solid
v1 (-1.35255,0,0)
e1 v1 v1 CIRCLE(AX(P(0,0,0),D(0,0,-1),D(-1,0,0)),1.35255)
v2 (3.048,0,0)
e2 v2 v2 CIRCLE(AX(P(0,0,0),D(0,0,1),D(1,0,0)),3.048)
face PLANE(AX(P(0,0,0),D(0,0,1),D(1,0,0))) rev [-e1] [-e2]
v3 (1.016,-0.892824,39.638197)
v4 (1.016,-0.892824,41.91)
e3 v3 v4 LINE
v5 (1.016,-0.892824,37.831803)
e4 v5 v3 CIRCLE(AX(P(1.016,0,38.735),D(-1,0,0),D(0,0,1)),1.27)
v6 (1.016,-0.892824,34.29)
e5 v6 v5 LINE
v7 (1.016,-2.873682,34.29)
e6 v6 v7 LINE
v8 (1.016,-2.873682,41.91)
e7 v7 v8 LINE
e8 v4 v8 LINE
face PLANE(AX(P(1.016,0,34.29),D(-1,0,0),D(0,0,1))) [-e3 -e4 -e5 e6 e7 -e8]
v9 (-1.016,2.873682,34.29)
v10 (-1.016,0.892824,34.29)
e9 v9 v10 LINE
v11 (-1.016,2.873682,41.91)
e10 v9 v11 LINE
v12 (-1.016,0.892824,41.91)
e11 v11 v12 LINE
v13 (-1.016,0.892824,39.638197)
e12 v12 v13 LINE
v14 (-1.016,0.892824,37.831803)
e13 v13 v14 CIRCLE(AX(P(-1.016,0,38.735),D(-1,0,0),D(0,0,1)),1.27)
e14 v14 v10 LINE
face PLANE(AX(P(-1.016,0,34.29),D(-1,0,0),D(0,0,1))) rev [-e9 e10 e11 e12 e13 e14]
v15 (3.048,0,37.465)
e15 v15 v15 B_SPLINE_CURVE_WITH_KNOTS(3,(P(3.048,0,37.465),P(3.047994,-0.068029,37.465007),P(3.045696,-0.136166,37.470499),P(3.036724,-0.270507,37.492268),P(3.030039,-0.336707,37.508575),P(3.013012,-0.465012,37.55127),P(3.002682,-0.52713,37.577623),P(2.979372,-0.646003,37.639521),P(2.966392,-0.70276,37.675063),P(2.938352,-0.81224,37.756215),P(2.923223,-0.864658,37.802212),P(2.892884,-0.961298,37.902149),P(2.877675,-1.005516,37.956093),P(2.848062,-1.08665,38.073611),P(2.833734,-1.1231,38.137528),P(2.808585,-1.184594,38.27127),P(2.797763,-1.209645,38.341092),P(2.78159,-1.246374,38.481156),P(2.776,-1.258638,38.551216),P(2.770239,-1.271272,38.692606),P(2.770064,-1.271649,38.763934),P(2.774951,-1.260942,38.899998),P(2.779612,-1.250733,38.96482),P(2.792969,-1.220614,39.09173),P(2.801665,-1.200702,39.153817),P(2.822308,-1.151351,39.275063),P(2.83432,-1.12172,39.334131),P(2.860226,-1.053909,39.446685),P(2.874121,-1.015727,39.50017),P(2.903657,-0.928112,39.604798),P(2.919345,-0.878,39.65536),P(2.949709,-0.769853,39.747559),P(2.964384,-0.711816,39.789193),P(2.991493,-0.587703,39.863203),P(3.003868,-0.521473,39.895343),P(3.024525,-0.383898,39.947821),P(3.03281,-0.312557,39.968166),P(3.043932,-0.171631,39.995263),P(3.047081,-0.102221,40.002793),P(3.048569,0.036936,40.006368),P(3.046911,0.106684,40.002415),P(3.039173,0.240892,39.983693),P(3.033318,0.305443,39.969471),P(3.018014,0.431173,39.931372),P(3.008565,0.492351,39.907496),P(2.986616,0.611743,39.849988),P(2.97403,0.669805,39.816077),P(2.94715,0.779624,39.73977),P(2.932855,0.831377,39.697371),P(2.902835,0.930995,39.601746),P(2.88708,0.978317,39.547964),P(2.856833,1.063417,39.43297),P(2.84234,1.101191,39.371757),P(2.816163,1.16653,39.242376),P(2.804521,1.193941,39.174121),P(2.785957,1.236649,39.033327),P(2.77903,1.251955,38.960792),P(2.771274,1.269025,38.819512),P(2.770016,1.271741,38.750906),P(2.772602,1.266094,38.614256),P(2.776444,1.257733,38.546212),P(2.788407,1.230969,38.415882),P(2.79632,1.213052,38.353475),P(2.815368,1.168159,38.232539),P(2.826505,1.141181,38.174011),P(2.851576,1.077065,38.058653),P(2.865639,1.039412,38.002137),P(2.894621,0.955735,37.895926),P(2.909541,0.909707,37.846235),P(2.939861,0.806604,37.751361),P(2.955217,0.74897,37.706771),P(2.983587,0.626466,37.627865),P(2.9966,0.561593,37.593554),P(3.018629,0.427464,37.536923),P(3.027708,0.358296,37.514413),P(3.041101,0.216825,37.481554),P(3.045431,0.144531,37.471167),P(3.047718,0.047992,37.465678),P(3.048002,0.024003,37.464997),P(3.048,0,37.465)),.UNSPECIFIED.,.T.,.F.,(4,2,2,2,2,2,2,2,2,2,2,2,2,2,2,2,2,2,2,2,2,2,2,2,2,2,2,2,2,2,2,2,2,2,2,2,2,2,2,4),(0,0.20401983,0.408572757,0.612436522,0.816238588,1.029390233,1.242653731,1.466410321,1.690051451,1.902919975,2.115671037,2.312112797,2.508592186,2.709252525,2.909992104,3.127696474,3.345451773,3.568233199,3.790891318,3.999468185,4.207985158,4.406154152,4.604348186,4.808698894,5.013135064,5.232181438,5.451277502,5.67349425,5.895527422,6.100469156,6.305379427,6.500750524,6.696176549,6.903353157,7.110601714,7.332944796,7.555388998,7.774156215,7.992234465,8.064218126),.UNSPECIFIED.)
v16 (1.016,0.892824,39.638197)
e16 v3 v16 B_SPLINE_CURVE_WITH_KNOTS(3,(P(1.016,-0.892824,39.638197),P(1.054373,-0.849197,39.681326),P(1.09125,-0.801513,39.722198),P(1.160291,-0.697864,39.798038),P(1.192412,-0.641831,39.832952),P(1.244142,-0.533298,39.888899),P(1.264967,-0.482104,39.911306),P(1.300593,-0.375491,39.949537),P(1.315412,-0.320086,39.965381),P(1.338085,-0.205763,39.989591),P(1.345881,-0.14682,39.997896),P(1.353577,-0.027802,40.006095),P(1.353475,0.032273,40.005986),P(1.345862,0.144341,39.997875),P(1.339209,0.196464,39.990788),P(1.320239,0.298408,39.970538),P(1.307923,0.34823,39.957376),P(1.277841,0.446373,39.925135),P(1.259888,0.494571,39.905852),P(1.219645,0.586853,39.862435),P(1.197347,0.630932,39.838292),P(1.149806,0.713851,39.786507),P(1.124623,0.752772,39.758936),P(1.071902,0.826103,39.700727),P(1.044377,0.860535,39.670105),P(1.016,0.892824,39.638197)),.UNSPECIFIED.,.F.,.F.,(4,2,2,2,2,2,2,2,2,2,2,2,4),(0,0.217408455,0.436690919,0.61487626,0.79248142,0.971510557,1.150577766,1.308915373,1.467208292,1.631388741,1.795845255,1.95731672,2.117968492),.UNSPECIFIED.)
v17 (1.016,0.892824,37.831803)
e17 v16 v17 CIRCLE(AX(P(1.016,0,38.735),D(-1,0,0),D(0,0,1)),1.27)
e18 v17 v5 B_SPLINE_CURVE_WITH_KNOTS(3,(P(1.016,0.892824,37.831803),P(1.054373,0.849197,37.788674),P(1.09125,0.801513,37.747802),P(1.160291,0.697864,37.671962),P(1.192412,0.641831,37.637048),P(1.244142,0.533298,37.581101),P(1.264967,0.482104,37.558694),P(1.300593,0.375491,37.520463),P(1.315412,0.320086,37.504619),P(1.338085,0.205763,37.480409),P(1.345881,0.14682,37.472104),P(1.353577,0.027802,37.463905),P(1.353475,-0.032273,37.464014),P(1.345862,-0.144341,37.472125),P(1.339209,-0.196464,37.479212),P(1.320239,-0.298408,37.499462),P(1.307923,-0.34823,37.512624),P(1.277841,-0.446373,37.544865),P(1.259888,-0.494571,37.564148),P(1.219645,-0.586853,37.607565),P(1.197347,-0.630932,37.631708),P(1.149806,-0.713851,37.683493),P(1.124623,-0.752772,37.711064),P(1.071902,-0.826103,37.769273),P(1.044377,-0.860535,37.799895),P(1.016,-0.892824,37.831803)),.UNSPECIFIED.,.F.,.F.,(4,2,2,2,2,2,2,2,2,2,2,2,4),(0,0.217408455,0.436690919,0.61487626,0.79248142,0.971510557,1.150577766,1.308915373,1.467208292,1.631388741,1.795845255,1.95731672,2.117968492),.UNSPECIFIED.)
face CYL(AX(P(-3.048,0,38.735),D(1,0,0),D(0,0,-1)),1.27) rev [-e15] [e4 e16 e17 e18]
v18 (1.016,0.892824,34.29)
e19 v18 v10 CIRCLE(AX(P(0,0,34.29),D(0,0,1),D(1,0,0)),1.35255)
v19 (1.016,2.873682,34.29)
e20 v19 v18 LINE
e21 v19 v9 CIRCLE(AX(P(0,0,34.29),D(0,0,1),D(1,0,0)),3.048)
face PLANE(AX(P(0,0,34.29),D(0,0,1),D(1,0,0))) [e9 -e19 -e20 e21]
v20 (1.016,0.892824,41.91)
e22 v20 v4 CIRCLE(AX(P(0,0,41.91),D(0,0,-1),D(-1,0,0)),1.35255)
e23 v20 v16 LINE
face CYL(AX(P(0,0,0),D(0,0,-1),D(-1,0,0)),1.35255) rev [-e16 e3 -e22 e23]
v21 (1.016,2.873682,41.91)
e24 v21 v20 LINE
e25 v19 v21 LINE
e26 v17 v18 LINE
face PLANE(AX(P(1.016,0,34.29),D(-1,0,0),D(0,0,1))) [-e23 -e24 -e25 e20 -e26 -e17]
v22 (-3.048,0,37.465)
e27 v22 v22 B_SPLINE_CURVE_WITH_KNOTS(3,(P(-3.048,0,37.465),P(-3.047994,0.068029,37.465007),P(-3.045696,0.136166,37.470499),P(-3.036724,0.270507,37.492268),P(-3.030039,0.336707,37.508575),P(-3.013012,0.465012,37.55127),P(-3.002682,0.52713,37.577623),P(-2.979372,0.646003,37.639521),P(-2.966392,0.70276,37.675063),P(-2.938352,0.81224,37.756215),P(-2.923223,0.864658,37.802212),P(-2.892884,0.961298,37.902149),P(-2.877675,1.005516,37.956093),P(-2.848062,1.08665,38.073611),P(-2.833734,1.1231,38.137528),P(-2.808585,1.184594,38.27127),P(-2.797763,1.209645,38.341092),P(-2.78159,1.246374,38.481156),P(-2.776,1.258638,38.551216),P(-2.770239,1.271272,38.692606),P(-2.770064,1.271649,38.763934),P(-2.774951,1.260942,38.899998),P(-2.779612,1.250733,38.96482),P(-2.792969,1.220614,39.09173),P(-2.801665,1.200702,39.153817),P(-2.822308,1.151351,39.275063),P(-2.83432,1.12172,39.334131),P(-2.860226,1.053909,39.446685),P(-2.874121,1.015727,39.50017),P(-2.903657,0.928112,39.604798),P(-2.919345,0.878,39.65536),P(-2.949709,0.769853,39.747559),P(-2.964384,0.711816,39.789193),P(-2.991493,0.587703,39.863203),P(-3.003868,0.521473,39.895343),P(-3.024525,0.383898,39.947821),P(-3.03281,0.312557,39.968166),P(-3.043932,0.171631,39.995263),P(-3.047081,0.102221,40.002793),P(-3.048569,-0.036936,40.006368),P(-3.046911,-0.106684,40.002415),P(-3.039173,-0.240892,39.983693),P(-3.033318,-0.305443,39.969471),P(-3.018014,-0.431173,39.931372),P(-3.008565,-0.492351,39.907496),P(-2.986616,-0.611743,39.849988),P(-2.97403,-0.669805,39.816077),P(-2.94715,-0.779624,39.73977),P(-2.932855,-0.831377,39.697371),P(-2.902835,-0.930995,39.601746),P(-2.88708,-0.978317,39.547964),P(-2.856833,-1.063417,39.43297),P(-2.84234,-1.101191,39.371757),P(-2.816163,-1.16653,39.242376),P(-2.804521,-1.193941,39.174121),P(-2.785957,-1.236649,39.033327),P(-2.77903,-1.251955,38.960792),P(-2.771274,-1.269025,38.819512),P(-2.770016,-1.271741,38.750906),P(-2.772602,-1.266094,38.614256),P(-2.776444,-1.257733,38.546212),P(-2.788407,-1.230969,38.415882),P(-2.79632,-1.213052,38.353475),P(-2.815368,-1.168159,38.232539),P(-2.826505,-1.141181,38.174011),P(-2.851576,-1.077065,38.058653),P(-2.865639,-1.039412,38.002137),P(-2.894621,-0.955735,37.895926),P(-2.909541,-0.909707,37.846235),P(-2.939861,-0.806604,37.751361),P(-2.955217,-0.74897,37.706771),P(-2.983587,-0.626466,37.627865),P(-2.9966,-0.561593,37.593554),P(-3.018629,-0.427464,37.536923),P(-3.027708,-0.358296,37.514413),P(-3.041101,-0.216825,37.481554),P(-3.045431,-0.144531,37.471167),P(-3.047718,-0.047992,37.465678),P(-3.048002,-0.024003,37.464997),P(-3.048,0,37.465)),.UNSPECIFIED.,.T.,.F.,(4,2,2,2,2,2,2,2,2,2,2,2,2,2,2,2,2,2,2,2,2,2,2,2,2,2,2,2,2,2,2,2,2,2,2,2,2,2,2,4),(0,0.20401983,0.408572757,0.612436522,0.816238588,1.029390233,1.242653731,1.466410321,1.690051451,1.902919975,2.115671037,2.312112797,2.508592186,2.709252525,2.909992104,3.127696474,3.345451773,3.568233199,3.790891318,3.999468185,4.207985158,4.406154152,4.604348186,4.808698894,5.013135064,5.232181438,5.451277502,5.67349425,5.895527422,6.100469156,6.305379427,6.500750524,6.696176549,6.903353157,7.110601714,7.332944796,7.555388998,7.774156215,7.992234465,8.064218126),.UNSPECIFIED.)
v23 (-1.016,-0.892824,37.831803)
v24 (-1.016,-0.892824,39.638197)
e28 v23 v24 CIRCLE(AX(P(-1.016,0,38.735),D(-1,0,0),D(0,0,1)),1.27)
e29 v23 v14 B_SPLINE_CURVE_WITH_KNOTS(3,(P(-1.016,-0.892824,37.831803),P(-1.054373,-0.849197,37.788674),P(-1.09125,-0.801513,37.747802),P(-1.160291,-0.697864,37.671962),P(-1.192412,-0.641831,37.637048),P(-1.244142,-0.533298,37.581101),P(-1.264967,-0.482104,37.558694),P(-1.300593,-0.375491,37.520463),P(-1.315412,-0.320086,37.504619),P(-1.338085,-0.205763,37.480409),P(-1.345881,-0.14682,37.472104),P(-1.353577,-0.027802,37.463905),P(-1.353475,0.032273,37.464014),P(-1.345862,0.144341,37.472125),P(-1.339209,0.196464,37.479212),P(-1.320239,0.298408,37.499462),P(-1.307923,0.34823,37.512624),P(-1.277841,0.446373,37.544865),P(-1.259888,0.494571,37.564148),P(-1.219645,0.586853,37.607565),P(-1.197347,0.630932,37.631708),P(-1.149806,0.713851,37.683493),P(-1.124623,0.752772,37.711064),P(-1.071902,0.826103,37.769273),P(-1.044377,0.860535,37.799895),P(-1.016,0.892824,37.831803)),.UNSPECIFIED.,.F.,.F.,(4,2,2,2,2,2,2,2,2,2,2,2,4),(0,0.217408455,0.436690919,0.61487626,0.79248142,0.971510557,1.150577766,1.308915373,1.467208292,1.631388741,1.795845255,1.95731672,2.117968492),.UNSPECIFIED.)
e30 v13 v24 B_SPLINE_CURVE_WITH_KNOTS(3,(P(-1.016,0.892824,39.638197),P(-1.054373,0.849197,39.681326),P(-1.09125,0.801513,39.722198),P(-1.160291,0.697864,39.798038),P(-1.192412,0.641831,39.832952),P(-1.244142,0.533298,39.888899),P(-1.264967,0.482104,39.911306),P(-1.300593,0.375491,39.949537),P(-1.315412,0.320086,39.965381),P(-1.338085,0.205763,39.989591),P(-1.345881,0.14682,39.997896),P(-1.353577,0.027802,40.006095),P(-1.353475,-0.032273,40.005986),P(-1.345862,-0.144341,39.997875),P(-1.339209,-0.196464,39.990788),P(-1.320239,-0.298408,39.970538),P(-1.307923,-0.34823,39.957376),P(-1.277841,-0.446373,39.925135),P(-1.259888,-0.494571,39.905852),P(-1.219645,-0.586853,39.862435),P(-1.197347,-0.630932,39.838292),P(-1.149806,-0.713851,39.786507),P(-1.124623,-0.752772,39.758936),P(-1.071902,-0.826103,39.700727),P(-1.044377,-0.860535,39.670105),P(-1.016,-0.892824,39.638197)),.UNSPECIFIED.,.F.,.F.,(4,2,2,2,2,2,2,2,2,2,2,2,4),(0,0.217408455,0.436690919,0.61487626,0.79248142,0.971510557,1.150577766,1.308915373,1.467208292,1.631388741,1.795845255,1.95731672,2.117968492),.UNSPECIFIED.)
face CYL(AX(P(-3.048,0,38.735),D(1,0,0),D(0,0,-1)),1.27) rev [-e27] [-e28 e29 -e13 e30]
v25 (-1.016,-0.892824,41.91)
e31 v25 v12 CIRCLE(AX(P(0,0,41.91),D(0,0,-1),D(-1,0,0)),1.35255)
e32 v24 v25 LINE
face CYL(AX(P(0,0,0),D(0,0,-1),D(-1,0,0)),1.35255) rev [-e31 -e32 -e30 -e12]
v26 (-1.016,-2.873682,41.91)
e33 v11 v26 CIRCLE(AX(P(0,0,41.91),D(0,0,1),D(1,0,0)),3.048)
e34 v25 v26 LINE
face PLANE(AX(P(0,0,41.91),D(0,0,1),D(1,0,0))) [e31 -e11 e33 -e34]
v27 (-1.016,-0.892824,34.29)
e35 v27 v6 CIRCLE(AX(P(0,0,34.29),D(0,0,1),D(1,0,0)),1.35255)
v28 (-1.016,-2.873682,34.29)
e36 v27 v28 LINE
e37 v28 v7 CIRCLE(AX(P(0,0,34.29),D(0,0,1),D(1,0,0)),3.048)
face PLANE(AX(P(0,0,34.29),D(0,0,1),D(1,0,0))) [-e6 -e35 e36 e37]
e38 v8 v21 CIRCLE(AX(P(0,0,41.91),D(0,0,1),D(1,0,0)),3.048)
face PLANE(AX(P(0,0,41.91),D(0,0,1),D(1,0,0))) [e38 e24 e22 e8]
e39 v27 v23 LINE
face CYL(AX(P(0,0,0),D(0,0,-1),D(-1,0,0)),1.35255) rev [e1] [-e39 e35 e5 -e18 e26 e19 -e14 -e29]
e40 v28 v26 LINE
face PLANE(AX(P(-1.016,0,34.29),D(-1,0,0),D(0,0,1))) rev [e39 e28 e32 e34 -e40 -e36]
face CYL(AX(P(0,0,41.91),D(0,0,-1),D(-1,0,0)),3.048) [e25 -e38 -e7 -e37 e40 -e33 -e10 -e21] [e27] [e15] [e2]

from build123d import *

# Parameters (mm, degrees)
SKETCH1_R               = 3.048
BOSS_EXTRUDE1_DEPTH     = 41.91
CUT_EXTRUDE1_START      = -7.62
CUT_EXTRUDE1_DEPTH      = 7.62
CUT_EXTRUDE2_DEPTH      = 43.216756152
CUT_EXTRUDE2_DEPTH_BACK = 43.216756152
SKETCH3_R               = 1.27
F_6_32_TAPPED_HOLE1_D   = 2.7051


with BuildPart() as part:
    # Sketch1 → Boss-Extrude1 (new body)
    with BuildSketch(Plane.XY):
        Circle(SKETCH1_R)
    extrude(amount=BOSS_EXTRUDE1_DEPTH)

    # Sketch2 → Cut-Extrude1 (cut)
    with BuildSketch(Plane.XY.offset(41.91).offset(CUT_EXTRUDE1_START)):
        with BuildLine():
            ThreePointArc((1.016, 2.873681959), (0.515422831, 3.00410441), (0, 3.048))
            ThreePointArc((0, 3.048), (-0.515422831, 3.00410441), (-1.016, 2.873681959))
            Line((-1.016, 2.873681959), (-1.016, -2.873681959))
            ThreePointArc((-1.016, -2.873681959), (-0.515422831, -3.00410441), (0, -3.048))
            ThreePointArc((0, -3.048), (0.515422831, -3.00410441), (1.016, -2.873681959))
            Line((1.016, -2.873681959), (1.016, 2.873681959))
        make_face()
    extrude(amount=CUT_EXTRUDE1_DEPTH, mode=Mode.SUBTRACT)

    # Sketch3 → Cut-Extrude2 (cut, two sides: drawn at the far end of the back side and taken through both)
    with BuildSketch(Plane(origin=(-1.016, 0, 0), x_dir=(0, 0, -1), z_dir=(1, 0, 0)).offset(-CUT_EXTRUDE2_DEPTH_BACK)):
        with Locations((-38.735, 0)):
            Circle(SKETCH3_R)
    extrude(amount=CUT_EXTRUDE2_DEPTH + CUT_EXTRUDE2_DEPTH_BACK, mode=Mode.SUBTRACT)

    # #6-32 Tapped Hole1 (through all)
    with Locations(Plane(origin=(0, 0, 0), x_dir=(-1, 0, 0), z_dir=(0, 0, -1))):
        with Locations((0, 0), (6.460869533, -0.946768866)):
            Hole(F_6_32_TAPPED_HOLE1_D / 2)


solid = part.part
